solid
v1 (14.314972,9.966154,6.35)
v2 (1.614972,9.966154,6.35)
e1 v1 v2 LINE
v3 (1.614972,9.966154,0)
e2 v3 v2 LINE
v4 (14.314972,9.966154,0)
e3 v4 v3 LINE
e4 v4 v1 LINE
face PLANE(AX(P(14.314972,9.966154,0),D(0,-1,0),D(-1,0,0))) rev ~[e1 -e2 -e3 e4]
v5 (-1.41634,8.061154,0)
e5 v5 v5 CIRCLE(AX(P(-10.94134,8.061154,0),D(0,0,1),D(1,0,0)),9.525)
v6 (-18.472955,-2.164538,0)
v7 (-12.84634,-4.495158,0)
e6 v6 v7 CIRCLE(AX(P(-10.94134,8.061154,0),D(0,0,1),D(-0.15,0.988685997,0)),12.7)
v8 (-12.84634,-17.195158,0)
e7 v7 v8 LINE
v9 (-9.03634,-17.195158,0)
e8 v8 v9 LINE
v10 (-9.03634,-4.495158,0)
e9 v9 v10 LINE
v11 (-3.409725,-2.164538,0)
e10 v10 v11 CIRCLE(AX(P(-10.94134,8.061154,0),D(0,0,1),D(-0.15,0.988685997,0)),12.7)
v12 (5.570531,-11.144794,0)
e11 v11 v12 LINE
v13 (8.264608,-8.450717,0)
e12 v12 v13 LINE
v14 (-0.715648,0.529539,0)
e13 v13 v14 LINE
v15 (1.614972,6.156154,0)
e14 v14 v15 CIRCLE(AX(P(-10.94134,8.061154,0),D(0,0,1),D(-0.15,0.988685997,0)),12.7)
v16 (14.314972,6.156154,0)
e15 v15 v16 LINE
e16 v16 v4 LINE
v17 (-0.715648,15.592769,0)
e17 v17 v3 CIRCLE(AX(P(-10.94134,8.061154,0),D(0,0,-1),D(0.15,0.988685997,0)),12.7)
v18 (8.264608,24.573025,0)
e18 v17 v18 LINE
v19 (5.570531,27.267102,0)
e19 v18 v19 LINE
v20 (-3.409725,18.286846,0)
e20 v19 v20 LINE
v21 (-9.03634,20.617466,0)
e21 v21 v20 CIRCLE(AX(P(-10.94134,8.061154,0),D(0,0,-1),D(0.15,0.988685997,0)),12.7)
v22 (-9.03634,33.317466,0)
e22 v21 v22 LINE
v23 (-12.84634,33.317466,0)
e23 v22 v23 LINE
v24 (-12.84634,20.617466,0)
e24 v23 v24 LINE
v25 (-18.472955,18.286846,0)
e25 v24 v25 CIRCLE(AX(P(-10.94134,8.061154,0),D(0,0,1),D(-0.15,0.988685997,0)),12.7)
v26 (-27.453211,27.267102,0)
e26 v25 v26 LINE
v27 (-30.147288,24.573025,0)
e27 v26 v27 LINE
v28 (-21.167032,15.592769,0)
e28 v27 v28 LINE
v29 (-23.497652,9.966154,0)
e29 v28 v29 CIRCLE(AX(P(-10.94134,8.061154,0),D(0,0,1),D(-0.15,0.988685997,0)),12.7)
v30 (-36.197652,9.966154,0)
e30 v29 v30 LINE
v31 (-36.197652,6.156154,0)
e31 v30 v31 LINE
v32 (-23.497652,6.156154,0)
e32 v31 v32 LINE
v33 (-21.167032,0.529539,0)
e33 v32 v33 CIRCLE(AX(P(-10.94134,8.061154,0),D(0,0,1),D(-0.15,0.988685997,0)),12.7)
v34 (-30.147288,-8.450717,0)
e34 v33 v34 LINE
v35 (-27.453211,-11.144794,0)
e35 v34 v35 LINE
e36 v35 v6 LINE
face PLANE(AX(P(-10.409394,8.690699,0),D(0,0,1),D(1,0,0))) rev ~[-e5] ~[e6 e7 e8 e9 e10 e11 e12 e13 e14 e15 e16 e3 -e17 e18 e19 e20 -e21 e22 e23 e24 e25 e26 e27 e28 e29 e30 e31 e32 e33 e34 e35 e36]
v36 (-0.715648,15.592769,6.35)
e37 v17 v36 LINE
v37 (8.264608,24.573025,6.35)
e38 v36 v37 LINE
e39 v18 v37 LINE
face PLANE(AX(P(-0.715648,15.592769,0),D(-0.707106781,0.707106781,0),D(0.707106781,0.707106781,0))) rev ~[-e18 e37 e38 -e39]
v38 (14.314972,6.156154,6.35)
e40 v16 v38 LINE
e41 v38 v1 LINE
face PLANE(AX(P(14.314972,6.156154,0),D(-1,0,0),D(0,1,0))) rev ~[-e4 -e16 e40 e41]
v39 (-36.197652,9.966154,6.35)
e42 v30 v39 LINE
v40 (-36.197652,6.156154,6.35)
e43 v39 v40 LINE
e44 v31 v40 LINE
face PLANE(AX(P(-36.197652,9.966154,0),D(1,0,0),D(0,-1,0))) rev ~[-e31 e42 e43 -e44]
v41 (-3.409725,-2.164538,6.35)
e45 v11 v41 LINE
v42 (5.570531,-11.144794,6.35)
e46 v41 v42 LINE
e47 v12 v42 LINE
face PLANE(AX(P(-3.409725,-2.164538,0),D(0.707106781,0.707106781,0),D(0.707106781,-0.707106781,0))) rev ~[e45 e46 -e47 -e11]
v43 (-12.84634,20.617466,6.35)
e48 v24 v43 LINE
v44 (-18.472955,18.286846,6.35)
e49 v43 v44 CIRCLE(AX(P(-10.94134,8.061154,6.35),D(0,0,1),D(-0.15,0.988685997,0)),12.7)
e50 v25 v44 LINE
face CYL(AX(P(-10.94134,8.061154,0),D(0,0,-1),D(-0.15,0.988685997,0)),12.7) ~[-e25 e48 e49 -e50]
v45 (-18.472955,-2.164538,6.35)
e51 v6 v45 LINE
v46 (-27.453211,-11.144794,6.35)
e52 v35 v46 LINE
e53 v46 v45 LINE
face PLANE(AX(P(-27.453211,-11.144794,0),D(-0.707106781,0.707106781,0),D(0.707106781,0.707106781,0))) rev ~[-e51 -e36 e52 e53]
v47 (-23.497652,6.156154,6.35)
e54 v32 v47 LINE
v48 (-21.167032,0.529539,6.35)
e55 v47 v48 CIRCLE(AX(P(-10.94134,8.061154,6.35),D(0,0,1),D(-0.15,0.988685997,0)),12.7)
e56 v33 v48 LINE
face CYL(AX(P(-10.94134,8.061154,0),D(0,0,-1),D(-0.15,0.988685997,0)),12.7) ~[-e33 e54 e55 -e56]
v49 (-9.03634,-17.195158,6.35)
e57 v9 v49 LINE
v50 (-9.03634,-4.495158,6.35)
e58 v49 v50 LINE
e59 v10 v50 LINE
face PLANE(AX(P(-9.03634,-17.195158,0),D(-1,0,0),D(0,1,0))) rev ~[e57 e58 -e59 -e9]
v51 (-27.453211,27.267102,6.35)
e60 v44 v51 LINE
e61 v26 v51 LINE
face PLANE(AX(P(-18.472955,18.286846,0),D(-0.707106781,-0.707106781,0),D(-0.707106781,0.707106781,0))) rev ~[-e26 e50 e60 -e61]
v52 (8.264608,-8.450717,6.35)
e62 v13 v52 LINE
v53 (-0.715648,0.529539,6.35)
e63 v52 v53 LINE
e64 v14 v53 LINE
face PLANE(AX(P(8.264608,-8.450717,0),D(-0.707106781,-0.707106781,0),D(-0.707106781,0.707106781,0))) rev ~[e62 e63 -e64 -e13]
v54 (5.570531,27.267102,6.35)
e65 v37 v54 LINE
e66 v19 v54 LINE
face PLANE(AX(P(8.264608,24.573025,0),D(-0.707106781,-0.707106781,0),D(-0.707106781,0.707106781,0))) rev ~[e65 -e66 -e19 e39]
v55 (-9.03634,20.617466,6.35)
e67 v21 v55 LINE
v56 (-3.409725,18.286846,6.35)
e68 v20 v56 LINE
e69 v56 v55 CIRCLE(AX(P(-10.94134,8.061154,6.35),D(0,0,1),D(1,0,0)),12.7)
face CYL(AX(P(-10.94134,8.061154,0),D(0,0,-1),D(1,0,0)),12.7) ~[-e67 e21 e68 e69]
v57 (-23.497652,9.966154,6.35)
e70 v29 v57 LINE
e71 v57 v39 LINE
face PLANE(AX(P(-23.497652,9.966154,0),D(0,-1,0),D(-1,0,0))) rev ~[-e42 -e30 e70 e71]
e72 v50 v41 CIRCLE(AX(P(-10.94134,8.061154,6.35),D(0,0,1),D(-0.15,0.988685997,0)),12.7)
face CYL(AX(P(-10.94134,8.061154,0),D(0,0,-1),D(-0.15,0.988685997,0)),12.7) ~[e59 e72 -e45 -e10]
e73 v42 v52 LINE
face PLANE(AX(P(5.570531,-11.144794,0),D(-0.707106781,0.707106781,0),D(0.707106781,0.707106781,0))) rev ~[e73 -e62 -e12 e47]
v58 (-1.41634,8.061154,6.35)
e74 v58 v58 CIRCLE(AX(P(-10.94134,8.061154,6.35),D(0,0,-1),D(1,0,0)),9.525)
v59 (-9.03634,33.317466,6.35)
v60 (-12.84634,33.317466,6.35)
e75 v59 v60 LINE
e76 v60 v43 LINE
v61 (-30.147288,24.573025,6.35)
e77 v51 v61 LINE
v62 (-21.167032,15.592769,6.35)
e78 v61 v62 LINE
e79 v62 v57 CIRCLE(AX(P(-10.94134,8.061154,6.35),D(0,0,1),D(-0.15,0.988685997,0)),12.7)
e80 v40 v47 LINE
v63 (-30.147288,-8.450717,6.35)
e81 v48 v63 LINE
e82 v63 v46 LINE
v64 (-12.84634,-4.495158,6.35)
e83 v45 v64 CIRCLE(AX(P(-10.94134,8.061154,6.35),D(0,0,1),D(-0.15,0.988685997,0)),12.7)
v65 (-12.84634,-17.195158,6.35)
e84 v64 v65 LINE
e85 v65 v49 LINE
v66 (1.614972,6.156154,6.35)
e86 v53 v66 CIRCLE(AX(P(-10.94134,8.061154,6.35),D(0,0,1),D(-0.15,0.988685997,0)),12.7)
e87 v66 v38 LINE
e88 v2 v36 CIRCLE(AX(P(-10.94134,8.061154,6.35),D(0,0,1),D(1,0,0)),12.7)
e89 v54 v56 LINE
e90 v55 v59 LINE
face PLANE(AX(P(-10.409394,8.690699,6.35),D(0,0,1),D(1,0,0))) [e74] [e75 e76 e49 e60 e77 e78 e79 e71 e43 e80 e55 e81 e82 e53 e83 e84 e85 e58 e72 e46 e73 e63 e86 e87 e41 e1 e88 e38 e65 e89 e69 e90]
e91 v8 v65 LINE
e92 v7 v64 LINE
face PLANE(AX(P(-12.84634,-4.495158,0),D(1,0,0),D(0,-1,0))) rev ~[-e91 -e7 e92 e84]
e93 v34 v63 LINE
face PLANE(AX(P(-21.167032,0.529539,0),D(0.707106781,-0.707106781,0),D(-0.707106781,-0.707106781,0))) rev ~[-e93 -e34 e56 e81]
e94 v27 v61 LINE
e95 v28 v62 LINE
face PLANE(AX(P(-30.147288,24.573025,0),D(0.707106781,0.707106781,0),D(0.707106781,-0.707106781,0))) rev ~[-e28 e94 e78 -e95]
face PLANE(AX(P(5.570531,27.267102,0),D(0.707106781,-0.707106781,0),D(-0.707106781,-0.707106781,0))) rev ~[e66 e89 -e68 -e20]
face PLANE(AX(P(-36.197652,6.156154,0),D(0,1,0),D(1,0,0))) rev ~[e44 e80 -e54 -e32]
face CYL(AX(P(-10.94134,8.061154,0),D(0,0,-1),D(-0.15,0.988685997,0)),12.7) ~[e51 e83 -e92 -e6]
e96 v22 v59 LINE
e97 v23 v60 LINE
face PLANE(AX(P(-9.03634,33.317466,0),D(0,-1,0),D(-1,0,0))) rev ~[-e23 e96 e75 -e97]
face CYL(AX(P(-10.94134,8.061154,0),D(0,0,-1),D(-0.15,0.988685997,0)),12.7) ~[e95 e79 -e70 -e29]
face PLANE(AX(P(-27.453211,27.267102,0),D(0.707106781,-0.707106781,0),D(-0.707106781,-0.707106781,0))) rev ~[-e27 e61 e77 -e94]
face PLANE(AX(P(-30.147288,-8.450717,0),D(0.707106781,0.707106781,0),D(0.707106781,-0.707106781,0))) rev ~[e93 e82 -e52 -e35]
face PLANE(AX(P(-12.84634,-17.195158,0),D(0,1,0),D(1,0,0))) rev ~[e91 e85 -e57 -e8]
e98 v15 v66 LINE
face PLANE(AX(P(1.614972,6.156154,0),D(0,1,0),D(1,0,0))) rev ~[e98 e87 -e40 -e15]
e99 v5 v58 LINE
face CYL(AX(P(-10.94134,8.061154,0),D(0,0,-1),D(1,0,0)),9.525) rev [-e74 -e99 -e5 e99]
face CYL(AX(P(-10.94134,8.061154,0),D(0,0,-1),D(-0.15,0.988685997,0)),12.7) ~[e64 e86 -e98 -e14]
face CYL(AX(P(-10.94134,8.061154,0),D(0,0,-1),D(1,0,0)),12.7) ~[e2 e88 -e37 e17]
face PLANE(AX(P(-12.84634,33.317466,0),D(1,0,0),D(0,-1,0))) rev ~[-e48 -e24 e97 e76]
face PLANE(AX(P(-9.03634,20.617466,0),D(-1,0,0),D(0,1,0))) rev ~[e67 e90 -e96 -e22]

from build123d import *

# Parameters (mm, degrees)
F0_R     = 9.525
F1_DEPTH = 6.35
F2_COUNT = 8


with BuildPart() as f1:
    # F0 (on Top) → F1 (new body)
    with BuildSketch(Plane.XY):
        with BuildLine():
            ThreePointArc((-12.8463400356, 20.6174660121), (-19.2207270902, -1.5690979595), (1.7586599644, 8.0611538545))
            ThreePointArc((1.7586599644, 8.0611538545), (-1.3110882217, 16.3405409091), (-9.0363400356, 20.6174660121))
            Line((-9.0363400356, 20.6174660121), (-12.8463400356, 20.6174660121))
        make_face()
        with Locations((-10.9413400356, 8.0611538545)):
            Circle(F0_R, mode=Mode.SUBTRACT)
        with BuildLine():
            Line((-12.8463400356, 20.6174660121), (-9.0363400356, 20.6174660121))
            ThreePointArc((-9.0363400356, 20.6174660121), (-10.9413400356, 20.7611538545), (-12.8463400356, 20.6174660121))
        make_face()
        with BuildLine():
            ThreePointArc((-12.8463400356, 20.6174660121), (-10.9413400356, 20.7611538545), (-9.0363400356, 20.6174660121))
            Line((-9.0363400356, 20.6174660121), (-9.0363400356, 33.3174660121))
            Line((-9.0363400356, 33.3174660121), (-12.8463400356, 33.3174660121))
            Line((-12.8463400356, 33.3174660121), (-12.8463400356, 20.6174660121))
        make_face()
    extrude(amount=F1_DEPTH)

    # F2: F1 ×8 about axis
    f2_axis = Axis((-10.9413400356, 8.0611538545, 6.35), (0, 0, 1))


with BuildPart() as f1_1:
    add(f1.part)
    for i in range(1, F2_COUNT):
        add(f1.part.rotate(f2_axis, i * 360 / F2_COUNT))


solid = f1_1.part
